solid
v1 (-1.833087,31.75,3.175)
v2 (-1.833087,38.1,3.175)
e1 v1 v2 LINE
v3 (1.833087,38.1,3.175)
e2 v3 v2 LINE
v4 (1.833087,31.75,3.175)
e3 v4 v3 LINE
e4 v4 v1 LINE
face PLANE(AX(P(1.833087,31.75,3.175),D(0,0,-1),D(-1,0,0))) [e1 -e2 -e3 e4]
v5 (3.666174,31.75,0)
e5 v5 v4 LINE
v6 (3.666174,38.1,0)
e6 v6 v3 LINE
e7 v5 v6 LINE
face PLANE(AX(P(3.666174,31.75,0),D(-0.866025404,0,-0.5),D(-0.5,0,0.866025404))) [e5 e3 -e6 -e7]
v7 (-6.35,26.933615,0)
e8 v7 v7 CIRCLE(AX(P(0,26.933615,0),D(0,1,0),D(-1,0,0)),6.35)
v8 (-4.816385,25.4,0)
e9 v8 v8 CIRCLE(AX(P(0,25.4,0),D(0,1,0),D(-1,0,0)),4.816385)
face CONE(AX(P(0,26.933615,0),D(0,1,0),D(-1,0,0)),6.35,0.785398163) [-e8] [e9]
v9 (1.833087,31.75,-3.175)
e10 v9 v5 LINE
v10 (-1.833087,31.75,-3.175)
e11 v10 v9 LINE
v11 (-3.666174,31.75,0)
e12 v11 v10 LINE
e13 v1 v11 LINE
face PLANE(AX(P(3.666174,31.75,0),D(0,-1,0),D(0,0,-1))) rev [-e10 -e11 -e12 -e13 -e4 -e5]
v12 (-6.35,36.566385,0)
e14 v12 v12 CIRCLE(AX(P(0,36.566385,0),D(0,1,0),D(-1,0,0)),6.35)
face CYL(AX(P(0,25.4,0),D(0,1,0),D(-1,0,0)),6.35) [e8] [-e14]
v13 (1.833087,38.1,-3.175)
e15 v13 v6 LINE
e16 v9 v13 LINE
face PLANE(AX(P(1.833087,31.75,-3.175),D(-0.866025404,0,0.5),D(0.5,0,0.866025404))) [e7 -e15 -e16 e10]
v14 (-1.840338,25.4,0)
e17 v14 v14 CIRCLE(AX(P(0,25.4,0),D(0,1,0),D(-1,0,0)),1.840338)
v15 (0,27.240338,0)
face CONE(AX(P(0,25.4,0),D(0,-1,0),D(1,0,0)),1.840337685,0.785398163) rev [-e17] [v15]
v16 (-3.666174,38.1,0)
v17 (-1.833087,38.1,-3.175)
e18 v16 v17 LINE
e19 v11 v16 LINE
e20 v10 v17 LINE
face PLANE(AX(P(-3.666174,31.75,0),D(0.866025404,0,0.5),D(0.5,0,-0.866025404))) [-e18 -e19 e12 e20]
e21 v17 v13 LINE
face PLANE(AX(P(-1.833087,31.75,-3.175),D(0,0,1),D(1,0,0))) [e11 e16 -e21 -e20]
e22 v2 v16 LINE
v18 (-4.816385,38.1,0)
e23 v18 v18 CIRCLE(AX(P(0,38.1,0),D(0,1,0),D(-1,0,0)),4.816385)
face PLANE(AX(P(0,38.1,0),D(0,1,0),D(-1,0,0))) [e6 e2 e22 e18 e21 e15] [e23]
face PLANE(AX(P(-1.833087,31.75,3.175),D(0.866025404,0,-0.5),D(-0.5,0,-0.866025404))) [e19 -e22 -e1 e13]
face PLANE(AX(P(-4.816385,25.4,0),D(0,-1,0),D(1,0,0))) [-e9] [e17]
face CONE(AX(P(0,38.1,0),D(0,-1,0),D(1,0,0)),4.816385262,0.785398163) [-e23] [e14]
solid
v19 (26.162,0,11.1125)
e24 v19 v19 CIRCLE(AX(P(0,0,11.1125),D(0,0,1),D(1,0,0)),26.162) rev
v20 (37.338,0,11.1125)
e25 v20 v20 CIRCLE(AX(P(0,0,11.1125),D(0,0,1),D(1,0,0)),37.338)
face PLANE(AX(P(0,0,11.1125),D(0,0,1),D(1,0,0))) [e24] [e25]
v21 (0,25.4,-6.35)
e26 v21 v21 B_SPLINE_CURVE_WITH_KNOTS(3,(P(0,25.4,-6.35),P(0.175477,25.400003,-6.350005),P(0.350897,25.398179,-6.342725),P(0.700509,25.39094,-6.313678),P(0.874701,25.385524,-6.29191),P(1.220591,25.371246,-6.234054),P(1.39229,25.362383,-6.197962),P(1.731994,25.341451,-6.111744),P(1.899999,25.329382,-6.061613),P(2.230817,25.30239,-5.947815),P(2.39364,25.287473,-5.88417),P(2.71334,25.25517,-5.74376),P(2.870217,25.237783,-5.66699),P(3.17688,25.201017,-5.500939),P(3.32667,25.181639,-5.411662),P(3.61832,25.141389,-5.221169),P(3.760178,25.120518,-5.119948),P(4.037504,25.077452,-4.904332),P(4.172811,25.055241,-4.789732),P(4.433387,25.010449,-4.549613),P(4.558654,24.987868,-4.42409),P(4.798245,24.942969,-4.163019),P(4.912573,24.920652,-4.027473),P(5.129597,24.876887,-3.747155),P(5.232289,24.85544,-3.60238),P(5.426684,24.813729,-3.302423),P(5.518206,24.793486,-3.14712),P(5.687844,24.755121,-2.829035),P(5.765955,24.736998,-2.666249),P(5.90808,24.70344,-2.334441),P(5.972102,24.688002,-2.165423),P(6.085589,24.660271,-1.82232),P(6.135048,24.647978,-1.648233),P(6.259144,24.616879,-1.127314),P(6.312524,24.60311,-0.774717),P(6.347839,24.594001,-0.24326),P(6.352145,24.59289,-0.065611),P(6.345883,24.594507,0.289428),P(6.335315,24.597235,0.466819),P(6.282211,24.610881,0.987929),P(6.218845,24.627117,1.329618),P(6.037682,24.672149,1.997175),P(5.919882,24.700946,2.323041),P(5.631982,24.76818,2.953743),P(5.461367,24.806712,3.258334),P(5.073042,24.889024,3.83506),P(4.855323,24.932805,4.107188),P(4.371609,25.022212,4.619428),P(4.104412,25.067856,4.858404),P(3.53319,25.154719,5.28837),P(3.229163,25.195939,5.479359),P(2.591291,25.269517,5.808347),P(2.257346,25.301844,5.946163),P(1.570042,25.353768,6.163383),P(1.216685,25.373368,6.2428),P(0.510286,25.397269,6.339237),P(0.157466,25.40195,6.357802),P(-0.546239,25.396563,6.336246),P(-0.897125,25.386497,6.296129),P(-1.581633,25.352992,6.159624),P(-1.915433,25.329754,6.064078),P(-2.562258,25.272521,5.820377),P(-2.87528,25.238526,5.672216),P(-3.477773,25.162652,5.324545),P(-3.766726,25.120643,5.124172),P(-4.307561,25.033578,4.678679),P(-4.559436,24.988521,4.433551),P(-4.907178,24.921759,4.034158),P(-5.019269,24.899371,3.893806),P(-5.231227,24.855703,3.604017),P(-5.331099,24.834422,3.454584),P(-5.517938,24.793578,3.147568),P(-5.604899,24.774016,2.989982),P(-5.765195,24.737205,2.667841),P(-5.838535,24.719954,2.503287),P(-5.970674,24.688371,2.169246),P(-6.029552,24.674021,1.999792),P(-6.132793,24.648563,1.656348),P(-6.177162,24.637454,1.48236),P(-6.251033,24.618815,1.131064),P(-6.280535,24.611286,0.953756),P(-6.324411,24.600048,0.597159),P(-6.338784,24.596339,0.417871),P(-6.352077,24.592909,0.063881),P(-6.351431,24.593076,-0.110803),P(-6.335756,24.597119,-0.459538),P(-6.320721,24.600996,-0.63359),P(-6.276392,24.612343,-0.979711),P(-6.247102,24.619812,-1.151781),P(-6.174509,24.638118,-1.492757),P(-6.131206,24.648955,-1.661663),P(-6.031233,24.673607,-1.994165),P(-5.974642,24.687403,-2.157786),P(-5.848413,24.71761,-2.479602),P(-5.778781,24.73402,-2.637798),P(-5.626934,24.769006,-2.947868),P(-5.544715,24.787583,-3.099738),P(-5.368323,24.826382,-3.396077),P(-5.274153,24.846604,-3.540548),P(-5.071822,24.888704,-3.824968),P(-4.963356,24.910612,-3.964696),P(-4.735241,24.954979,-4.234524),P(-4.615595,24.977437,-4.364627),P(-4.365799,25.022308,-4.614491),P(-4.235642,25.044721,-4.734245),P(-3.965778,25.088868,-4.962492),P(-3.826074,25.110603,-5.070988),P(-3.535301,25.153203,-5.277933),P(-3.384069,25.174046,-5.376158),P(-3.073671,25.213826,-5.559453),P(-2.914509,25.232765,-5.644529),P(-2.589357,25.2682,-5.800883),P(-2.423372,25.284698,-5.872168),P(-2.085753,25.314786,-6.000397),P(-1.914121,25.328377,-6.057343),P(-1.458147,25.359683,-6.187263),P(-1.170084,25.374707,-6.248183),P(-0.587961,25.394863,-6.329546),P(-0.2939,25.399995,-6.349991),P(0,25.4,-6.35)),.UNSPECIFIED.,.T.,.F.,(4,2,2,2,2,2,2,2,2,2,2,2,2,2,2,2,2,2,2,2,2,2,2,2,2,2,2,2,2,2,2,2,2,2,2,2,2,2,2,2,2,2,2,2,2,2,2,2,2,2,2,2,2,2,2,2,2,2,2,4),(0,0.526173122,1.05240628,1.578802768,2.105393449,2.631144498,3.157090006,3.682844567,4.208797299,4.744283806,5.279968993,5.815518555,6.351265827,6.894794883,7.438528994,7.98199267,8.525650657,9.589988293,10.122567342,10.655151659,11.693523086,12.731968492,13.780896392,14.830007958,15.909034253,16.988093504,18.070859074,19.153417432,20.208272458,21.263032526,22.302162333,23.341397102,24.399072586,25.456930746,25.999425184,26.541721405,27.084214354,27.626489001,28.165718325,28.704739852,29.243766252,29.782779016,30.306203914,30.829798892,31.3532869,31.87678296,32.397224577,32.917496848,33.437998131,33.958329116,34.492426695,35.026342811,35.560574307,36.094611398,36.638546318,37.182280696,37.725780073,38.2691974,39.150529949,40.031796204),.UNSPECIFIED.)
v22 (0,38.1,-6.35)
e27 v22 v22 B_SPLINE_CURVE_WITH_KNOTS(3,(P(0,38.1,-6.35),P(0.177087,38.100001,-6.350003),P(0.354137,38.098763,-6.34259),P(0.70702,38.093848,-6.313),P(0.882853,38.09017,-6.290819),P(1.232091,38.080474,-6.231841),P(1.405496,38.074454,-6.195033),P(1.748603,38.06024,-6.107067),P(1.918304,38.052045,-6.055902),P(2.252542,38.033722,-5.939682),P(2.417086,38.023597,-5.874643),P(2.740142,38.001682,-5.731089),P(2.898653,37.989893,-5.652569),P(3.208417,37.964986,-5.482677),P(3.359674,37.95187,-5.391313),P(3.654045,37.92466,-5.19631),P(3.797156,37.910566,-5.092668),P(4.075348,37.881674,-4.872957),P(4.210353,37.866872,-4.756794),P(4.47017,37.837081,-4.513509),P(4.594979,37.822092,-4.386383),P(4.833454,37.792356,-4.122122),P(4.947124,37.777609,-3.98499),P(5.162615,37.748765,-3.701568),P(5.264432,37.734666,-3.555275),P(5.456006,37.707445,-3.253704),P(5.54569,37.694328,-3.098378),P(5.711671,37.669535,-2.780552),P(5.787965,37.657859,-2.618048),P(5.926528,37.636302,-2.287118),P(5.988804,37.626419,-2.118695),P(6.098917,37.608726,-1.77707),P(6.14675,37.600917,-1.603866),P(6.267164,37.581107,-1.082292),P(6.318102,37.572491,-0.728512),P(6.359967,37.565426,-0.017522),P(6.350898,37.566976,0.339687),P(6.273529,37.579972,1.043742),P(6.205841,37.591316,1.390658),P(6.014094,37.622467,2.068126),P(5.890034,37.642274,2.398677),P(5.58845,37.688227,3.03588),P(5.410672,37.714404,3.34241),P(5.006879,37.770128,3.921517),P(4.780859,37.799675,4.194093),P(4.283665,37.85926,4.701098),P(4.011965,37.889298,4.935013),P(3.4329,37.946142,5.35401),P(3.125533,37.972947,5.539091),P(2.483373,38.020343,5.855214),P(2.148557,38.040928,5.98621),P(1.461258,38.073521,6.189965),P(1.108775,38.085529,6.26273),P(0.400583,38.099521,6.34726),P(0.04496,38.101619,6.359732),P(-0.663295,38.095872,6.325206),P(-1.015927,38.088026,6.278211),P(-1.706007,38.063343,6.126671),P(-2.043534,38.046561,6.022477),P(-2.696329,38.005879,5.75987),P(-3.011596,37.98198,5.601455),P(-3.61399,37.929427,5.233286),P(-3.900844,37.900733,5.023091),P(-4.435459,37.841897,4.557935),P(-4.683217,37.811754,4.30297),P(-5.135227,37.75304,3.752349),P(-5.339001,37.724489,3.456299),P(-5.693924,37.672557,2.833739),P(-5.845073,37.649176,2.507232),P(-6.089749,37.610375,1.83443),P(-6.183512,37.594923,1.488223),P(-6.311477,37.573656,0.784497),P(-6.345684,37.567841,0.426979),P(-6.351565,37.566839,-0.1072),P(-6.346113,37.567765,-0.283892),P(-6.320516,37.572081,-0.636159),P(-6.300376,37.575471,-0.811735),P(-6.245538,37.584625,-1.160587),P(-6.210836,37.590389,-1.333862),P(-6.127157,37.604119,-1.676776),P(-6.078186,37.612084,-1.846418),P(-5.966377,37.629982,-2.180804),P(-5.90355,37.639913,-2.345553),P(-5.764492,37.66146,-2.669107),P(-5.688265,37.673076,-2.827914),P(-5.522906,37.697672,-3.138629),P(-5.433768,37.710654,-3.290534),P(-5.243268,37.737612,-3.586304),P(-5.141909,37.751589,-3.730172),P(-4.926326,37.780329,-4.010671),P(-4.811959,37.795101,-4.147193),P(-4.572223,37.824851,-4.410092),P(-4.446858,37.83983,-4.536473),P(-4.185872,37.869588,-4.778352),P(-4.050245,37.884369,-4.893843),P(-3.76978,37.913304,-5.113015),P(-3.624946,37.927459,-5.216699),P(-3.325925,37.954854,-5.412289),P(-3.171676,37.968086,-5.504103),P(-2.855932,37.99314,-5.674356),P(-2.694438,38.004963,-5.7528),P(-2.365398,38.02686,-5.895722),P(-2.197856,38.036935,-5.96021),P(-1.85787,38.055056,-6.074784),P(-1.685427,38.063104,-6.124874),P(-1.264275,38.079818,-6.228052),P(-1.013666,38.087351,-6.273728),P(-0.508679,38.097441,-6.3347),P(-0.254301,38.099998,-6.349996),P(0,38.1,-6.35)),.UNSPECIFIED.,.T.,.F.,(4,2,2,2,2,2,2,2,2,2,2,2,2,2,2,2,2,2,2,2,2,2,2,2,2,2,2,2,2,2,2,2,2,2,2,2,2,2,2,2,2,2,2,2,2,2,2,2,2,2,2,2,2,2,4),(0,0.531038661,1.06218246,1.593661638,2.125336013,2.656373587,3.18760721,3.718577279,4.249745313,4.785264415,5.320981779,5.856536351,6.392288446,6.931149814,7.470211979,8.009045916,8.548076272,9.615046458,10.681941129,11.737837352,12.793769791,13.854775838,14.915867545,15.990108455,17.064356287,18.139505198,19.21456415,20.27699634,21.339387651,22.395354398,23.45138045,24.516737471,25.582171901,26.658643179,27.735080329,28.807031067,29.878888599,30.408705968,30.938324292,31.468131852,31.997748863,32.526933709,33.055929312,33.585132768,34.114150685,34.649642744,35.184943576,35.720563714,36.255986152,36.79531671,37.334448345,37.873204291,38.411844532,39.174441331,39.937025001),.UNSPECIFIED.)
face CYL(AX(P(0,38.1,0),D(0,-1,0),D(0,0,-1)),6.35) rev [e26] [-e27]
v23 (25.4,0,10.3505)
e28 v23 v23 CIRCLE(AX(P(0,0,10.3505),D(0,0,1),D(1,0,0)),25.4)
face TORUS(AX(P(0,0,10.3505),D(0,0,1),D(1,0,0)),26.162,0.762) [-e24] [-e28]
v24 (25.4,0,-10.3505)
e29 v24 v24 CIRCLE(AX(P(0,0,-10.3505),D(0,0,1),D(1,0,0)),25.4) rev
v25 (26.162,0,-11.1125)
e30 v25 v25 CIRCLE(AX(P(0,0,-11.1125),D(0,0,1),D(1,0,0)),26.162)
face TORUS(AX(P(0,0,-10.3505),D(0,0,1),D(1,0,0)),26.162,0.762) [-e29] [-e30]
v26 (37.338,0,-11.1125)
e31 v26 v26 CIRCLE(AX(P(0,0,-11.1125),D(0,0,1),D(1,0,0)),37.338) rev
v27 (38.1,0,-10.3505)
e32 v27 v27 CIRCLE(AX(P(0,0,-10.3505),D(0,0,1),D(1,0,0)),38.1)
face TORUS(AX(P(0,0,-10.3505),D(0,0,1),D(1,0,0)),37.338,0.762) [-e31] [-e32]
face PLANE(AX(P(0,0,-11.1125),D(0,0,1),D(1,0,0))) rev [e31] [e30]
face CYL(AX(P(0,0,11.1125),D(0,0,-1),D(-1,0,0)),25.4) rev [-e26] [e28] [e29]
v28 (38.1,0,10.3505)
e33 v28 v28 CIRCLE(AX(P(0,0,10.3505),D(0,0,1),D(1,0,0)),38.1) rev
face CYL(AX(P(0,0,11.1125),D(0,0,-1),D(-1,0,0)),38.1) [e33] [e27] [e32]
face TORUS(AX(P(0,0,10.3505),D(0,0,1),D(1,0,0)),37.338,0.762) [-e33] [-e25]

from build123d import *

# Parameters (mm, degrees)
SKETCH1_R          = 38.1
SKETCH1_R_2        = 25.4
EXTRUDE1_DEPTH     = 11.1125
SKETCH2_R          = 6.35
CUT_EXTRUDE1_DEPTH = 89.743947857
FILLET1_R          = 0.762
CUT_EXTRUDE2_DEPTH = 6.35


with BuildPart() as part:
    # Sketch1 → Extrude1 (new, symmetric)
    with BuildSketch(Plane.XY):
        Circle(SKETCH1_R)
        Circle(SKETCH1_R_2, mode=Mode.SUBTRACT)
    extrude(amount=EXTRUDE1_DEPTH, both=True)

    # Sketch2 → Cut-Extrude1 (cut, through all)
    with BuildSketch(Plane(origin=(41.275, 0, 0), x_dir=(0, 0, -1), z_dir=(0, -1, 0))):
        with Locations((0, -41.275)):
            Circle(SKETCH2_R)
    extrude(amount=-CUT_EXTRUDE1_DEPTH, mode=Mode.SUBTRACT)

    # Fillet1
    fillet1_edges = [part.edges().sort_by_distance(p)[0] for p in [
        (-38.1, 0, -11.1125),
        (-38.1, 0, 11.1125),
        (-25.4, 0, -11.1125),
        (-25.4, 0, 11.1125),
    ]]
    fillet(fillet1_edges, radius=FILLET1_R)


with BuildPart() as body_2:
    # Sketch3 → Revolve1 (revolve)
    with BuildSketch(Plane.XY):
        Polygon((-4.816385262, 25.4), (-1.840337685, 25.4), (0, 27.240337685), (0, 38.1), (-4.816385262, 38.1), (-6.35, 36.566385262), (-6.35, 26.933614738), align=None)
    revolve(axis=Axis((0, 25.4, 0), (0, -1, 0)))

    # Sketch4 → Cut-Extrude2 (cut)
    with BuildSketch(Plane(origin=(3.3734375, 38.1, 0), x_dir=(0, 0, -1), z_dir=(0, -1, 0))):
        Polygon((0, 0.292736709), (-3.175, -1.540350395), (-3.175, -5.206524605), (0, -7.039611709), (3.175, -5.206524605), (3.175, -1.540350395), align=None)
    extrude(amount=CUT_EXTRUDE2_DEPTH, mode=Mode.SUBTRACT)


solid = Compound([part.part, body_2.part])
